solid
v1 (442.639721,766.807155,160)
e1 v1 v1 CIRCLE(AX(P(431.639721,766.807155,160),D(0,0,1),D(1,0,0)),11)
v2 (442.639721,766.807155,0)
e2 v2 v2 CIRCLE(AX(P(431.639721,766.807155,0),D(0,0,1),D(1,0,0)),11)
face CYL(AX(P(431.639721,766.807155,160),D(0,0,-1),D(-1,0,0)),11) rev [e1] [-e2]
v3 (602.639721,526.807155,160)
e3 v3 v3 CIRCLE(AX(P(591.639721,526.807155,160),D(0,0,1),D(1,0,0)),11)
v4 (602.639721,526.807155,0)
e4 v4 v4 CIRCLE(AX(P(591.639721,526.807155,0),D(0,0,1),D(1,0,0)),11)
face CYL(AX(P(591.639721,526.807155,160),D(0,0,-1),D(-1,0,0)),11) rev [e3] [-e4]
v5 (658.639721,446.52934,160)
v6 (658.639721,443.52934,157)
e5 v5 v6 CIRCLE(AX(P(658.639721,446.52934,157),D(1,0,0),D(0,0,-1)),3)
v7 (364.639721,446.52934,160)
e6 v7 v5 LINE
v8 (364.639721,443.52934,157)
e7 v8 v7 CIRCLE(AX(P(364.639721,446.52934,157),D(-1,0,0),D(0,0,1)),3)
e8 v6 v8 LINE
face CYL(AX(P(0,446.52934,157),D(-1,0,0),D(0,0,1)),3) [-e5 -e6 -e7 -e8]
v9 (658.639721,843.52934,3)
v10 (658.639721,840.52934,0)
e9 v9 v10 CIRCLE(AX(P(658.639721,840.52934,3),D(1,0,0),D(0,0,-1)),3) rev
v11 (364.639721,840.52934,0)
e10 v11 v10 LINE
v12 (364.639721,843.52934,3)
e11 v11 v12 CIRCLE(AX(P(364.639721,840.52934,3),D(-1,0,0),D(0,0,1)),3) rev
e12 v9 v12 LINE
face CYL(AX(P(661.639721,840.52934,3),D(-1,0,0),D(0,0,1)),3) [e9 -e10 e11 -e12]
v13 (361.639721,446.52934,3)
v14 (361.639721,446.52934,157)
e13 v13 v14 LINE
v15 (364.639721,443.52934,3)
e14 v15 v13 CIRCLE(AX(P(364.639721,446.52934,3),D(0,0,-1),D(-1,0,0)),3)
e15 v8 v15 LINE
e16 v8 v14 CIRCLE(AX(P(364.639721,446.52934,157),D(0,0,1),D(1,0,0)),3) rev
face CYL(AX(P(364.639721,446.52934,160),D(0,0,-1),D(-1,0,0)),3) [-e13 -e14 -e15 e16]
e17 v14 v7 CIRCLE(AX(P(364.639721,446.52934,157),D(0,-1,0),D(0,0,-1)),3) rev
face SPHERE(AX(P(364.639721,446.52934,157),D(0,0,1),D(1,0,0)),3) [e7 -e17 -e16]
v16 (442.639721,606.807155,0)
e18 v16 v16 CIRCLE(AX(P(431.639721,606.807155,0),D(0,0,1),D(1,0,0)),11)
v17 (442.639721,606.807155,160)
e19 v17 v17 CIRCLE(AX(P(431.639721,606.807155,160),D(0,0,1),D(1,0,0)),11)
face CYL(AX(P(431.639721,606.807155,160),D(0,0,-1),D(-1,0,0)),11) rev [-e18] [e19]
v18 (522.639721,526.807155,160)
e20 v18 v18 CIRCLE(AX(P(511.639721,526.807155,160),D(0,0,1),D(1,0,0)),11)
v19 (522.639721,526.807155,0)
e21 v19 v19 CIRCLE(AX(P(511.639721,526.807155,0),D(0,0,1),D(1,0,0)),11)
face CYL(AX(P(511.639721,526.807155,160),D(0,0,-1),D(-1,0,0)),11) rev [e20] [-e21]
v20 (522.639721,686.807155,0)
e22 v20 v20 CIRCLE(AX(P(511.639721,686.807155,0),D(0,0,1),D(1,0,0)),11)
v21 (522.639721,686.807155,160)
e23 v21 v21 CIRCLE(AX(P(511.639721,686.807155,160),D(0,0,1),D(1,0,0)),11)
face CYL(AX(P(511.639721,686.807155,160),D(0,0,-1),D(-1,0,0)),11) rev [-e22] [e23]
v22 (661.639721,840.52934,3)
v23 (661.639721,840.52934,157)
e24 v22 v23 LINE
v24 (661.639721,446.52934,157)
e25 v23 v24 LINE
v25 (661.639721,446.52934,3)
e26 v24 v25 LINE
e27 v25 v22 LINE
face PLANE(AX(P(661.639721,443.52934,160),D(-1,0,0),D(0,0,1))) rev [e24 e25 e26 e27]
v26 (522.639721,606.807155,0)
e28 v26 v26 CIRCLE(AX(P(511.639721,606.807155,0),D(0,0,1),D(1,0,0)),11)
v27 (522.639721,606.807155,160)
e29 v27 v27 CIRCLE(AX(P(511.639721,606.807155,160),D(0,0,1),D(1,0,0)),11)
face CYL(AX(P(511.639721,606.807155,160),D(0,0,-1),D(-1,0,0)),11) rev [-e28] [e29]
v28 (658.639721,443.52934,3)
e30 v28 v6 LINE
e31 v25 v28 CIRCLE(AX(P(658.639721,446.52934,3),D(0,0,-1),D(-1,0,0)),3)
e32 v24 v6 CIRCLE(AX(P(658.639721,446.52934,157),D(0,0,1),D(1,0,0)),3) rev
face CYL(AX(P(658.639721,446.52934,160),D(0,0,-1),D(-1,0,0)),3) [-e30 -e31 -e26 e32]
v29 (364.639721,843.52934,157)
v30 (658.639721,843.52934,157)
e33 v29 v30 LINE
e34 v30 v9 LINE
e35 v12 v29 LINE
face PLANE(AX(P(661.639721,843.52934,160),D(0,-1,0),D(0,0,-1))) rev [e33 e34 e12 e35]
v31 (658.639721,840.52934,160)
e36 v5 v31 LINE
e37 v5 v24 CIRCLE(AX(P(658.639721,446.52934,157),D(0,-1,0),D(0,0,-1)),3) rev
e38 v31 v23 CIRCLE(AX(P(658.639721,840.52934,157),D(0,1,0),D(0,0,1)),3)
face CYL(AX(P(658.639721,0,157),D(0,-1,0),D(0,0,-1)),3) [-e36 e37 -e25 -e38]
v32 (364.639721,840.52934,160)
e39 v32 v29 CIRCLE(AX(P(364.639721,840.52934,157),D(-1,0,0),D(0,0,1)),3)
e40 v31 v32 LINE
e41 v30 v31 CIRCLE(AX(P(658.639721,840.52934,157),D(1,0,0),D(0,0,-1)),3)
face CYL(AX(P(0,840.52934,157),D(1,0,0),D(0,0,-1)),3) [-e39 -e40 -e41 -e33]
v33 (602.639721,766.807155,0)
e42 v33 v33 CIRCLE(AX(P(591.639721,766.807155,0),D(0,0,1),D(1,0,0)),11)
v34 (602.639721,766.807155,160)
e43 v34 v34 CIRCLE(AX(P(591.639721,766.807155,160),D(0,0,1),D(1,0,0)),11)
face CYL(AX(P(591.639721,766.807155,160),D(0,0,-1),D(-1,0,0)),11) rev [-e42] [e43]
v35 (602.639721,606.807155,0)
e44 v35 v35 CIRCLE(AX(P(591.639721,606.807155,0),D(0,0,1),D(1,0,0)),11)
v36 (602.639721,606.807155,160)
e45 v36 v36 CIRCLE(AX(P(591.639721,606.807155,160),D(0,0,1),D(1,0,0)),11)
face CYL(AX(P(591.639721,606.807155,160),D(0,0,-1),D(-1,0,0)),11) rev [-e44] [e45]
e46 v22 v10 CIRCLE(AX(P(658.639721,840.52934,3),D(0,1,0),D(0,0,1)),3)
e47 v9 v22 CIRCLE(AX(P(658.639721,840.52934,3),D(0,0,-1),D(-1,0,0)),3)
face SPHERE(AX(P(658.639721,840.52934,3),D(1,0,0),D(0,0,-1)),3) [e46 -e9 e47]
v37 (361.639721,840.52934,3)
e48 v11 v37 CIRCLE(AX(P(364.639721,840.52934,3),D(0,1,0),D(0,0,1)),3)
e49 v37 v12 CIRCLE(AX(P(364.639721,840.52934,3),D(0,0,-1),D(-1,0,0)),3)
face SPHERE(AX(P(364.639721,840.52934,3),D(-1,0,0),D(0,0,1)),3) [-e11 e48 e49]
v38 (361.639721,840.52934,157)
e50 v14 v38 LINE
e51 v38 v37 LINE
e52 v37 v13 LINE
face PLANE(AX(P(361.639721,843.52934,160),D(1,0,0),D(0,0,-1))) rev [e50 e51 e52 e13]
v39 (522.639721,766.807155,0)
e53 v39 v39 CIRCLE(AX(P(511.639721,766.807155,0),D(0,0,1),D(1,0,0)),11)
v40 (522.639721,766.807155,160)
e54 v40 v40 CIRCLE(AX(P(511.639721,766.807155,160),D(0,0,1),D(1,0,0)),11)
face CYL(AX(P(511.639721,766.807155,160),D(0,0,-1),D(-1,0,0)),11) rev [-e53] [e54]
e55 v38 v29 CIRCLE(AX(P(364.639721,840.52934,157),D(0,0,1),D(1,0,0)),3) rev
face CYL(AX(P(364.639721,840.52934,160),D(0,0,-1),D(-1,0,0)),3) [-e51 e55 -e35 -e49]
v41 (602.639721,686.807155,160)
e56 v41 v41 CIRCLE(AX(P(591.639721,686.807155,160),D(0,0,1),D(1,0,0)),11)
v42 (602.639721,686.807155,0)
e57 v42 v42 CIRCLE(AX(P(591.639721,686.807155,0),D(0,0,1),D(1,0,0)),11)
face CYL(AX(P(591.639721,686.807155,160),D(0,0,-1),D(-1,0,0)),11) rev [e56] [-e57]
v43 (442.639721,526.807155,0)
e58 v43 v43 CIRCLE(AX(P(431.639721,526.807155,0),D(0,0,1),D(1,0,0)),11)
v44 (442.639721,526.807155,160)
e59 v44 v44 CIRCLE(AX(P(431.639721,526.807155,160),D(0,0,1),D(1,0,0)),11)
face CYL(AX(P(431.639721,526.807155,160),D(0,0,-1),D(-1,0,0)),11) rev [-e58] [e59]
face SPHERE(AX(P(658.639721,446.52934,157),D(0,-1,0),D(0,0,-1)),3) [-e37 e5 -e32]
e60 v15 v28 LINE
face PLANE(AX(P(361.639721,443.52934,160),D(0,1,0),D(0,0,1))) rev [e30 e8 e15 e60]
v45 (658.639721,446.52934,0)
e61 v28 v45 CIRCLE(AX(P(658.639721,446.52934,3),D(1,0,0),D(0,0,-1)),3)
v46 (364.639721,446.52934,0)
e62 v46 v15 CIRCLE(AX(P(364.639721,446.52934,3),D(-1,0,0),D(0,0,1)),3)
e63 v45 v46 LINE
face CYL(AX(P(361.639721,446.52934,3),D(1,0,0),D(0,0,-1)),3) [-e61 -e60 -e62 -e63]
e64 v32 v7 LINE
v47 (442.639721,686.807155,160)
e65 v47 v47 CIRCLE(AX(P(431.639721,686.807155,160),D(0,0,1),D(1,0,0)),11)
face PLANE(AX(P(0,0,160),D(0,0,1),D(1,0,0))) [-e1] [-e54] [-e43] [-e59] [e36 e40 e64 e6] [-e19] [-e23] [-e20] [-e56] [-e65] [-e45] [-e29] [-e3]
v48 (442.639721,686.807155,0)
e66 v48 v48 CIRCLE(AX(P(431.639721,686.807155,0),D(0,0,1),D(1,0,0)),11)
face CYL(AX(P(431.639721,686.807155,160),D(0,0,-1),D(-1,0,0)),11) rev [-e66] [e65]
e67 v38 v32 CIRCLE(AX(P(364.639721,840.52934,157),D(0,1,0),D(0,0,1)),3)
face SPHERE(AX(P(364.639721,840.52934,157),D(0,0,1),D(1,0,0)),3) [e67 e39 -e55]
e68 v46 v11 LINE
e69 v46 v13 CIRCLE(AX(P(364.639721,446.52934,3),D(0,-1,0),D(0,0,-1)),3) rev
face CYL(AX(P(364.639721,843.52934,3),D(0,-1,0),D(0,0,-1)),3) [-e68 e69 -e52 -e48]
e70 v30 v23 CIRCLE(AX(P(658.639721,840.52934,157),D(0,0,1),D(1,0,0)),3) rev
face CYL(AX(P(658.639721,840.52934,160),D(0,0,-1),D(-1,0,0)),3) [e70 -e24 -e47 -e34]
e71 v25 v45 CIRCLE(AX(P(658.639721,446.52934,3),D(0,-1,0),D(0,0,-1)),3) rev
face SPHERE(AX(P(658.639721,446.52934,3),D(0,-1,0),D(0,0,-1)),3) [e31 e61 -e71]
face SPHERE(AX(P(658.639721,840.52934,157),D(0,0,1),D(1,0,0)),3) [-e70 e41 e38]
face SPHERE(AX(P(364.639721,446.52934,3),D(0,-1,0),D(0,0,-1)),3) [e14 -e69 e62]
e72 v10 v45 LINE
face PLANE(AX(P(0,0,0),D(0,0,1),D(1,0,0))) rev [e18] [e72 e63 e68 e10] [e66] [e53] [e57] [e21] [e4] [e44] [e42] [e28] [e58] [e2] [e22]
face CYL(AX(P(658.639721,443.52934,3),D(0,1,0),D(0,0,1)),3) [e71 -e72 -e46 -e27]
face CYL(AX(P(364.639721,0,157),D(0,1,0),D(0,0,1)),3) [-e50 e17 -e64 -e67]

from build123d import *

# Parameters (mm, degrees)
SKETCH1_W           = 300
SKETCH1_H           = 400
SKETCH1_R           = 11
BOSS_EXTRUDE1_DEPTH = 160
FILLET1_R           = 3


with BuildPart() as part:
    # Sketch1 → Boss-Extrude1 (new body)
    with BuildSketch(Plane.XY):
        with Locations((511.639721418, 643.529340403)):
            Rectangle(SKETCH1_W, SKETCH1_H)
        with Locations((431.639721418, 526.80715456)):
            Circle(SKETCH1_R, mode=Mode.SUBTRACT)
        with Locations((431.639721418, 606.80715456)):
            Circle(SKETCH1_R, mode=Mode.SUBTRACT)
        with Locations((431.639721418, 686.80715456)):
            Circle(SKETCH1_R, mode=Mode.SUBTRACT)
        with Locations((431.639721418, 766.80715456)):
            Circle(SKETCH1_R, mode=Mode.SUBTRACT)
        with Locations((511.639721418, 526.80715456)):
            Circle(SKETCH1_R, mode=Mode.SUBTRACT)
        with Locations((511.639721418, 606.80715456)):
            Circle(SKETCH1_R, mode=Mode.SUBTRACT)
        with Locations((511.639721418, 686.80715456)):
            Circle(SKETCH1_R, mode=Mode.SUBTRACT)
        with Locations((511.639721418, 766.80715456)):
            Circle(SKETCH1_R, mode=Mode.SUBTRACT)
        with Locations((591.639721418, 526.80715456)):
            Circle(SKETCH1_R, mode=Mode.SUBTRACT)
        with Locations((591.639721418, 606.80715456)):
            Circle(SKETCH1_R, mode=Mode.SUBTRACT)
        with Locations((591.639721418, 686.80715456)):
            Circle(SKETCH1_R, mode=Mode.SUBTRACT)
        with Locations((591.639721418, 766.80715456)):
            Circle(SKETCH1_R, mode=Mode.SUBTRACT)
    extrude(amount=BOSS_EXTRUDE1_DEPTH)

    # Fillet1
    fillet1_edges = [part.edges().sort_by_distance(p)[0] for p in [
        (661.639721418, 643.529340403, 160),
        (511.639721418, 843.529340403, 160),
        (361.639721418, 643.529340403, 160),
        (511.639721418, 843.529340403, 0),
        (661.639721418, 643.529340403, 0),
        (511.639721418, 443.529340403, 0),
        (361.639721418, 643.529340403, 0),
        (361.639721418, 843.529340403, 80),
        (661.639721418, 843.529340403, 80),
        (661.639721418, 443.529340403, 80),
        (361.639721418, 443.529340403, 80),
        (511.639721418, 443.529340403, 160),
    ]]
    fillet(fillet1_edges, radius=FILLET1_R)


solid = part.part
